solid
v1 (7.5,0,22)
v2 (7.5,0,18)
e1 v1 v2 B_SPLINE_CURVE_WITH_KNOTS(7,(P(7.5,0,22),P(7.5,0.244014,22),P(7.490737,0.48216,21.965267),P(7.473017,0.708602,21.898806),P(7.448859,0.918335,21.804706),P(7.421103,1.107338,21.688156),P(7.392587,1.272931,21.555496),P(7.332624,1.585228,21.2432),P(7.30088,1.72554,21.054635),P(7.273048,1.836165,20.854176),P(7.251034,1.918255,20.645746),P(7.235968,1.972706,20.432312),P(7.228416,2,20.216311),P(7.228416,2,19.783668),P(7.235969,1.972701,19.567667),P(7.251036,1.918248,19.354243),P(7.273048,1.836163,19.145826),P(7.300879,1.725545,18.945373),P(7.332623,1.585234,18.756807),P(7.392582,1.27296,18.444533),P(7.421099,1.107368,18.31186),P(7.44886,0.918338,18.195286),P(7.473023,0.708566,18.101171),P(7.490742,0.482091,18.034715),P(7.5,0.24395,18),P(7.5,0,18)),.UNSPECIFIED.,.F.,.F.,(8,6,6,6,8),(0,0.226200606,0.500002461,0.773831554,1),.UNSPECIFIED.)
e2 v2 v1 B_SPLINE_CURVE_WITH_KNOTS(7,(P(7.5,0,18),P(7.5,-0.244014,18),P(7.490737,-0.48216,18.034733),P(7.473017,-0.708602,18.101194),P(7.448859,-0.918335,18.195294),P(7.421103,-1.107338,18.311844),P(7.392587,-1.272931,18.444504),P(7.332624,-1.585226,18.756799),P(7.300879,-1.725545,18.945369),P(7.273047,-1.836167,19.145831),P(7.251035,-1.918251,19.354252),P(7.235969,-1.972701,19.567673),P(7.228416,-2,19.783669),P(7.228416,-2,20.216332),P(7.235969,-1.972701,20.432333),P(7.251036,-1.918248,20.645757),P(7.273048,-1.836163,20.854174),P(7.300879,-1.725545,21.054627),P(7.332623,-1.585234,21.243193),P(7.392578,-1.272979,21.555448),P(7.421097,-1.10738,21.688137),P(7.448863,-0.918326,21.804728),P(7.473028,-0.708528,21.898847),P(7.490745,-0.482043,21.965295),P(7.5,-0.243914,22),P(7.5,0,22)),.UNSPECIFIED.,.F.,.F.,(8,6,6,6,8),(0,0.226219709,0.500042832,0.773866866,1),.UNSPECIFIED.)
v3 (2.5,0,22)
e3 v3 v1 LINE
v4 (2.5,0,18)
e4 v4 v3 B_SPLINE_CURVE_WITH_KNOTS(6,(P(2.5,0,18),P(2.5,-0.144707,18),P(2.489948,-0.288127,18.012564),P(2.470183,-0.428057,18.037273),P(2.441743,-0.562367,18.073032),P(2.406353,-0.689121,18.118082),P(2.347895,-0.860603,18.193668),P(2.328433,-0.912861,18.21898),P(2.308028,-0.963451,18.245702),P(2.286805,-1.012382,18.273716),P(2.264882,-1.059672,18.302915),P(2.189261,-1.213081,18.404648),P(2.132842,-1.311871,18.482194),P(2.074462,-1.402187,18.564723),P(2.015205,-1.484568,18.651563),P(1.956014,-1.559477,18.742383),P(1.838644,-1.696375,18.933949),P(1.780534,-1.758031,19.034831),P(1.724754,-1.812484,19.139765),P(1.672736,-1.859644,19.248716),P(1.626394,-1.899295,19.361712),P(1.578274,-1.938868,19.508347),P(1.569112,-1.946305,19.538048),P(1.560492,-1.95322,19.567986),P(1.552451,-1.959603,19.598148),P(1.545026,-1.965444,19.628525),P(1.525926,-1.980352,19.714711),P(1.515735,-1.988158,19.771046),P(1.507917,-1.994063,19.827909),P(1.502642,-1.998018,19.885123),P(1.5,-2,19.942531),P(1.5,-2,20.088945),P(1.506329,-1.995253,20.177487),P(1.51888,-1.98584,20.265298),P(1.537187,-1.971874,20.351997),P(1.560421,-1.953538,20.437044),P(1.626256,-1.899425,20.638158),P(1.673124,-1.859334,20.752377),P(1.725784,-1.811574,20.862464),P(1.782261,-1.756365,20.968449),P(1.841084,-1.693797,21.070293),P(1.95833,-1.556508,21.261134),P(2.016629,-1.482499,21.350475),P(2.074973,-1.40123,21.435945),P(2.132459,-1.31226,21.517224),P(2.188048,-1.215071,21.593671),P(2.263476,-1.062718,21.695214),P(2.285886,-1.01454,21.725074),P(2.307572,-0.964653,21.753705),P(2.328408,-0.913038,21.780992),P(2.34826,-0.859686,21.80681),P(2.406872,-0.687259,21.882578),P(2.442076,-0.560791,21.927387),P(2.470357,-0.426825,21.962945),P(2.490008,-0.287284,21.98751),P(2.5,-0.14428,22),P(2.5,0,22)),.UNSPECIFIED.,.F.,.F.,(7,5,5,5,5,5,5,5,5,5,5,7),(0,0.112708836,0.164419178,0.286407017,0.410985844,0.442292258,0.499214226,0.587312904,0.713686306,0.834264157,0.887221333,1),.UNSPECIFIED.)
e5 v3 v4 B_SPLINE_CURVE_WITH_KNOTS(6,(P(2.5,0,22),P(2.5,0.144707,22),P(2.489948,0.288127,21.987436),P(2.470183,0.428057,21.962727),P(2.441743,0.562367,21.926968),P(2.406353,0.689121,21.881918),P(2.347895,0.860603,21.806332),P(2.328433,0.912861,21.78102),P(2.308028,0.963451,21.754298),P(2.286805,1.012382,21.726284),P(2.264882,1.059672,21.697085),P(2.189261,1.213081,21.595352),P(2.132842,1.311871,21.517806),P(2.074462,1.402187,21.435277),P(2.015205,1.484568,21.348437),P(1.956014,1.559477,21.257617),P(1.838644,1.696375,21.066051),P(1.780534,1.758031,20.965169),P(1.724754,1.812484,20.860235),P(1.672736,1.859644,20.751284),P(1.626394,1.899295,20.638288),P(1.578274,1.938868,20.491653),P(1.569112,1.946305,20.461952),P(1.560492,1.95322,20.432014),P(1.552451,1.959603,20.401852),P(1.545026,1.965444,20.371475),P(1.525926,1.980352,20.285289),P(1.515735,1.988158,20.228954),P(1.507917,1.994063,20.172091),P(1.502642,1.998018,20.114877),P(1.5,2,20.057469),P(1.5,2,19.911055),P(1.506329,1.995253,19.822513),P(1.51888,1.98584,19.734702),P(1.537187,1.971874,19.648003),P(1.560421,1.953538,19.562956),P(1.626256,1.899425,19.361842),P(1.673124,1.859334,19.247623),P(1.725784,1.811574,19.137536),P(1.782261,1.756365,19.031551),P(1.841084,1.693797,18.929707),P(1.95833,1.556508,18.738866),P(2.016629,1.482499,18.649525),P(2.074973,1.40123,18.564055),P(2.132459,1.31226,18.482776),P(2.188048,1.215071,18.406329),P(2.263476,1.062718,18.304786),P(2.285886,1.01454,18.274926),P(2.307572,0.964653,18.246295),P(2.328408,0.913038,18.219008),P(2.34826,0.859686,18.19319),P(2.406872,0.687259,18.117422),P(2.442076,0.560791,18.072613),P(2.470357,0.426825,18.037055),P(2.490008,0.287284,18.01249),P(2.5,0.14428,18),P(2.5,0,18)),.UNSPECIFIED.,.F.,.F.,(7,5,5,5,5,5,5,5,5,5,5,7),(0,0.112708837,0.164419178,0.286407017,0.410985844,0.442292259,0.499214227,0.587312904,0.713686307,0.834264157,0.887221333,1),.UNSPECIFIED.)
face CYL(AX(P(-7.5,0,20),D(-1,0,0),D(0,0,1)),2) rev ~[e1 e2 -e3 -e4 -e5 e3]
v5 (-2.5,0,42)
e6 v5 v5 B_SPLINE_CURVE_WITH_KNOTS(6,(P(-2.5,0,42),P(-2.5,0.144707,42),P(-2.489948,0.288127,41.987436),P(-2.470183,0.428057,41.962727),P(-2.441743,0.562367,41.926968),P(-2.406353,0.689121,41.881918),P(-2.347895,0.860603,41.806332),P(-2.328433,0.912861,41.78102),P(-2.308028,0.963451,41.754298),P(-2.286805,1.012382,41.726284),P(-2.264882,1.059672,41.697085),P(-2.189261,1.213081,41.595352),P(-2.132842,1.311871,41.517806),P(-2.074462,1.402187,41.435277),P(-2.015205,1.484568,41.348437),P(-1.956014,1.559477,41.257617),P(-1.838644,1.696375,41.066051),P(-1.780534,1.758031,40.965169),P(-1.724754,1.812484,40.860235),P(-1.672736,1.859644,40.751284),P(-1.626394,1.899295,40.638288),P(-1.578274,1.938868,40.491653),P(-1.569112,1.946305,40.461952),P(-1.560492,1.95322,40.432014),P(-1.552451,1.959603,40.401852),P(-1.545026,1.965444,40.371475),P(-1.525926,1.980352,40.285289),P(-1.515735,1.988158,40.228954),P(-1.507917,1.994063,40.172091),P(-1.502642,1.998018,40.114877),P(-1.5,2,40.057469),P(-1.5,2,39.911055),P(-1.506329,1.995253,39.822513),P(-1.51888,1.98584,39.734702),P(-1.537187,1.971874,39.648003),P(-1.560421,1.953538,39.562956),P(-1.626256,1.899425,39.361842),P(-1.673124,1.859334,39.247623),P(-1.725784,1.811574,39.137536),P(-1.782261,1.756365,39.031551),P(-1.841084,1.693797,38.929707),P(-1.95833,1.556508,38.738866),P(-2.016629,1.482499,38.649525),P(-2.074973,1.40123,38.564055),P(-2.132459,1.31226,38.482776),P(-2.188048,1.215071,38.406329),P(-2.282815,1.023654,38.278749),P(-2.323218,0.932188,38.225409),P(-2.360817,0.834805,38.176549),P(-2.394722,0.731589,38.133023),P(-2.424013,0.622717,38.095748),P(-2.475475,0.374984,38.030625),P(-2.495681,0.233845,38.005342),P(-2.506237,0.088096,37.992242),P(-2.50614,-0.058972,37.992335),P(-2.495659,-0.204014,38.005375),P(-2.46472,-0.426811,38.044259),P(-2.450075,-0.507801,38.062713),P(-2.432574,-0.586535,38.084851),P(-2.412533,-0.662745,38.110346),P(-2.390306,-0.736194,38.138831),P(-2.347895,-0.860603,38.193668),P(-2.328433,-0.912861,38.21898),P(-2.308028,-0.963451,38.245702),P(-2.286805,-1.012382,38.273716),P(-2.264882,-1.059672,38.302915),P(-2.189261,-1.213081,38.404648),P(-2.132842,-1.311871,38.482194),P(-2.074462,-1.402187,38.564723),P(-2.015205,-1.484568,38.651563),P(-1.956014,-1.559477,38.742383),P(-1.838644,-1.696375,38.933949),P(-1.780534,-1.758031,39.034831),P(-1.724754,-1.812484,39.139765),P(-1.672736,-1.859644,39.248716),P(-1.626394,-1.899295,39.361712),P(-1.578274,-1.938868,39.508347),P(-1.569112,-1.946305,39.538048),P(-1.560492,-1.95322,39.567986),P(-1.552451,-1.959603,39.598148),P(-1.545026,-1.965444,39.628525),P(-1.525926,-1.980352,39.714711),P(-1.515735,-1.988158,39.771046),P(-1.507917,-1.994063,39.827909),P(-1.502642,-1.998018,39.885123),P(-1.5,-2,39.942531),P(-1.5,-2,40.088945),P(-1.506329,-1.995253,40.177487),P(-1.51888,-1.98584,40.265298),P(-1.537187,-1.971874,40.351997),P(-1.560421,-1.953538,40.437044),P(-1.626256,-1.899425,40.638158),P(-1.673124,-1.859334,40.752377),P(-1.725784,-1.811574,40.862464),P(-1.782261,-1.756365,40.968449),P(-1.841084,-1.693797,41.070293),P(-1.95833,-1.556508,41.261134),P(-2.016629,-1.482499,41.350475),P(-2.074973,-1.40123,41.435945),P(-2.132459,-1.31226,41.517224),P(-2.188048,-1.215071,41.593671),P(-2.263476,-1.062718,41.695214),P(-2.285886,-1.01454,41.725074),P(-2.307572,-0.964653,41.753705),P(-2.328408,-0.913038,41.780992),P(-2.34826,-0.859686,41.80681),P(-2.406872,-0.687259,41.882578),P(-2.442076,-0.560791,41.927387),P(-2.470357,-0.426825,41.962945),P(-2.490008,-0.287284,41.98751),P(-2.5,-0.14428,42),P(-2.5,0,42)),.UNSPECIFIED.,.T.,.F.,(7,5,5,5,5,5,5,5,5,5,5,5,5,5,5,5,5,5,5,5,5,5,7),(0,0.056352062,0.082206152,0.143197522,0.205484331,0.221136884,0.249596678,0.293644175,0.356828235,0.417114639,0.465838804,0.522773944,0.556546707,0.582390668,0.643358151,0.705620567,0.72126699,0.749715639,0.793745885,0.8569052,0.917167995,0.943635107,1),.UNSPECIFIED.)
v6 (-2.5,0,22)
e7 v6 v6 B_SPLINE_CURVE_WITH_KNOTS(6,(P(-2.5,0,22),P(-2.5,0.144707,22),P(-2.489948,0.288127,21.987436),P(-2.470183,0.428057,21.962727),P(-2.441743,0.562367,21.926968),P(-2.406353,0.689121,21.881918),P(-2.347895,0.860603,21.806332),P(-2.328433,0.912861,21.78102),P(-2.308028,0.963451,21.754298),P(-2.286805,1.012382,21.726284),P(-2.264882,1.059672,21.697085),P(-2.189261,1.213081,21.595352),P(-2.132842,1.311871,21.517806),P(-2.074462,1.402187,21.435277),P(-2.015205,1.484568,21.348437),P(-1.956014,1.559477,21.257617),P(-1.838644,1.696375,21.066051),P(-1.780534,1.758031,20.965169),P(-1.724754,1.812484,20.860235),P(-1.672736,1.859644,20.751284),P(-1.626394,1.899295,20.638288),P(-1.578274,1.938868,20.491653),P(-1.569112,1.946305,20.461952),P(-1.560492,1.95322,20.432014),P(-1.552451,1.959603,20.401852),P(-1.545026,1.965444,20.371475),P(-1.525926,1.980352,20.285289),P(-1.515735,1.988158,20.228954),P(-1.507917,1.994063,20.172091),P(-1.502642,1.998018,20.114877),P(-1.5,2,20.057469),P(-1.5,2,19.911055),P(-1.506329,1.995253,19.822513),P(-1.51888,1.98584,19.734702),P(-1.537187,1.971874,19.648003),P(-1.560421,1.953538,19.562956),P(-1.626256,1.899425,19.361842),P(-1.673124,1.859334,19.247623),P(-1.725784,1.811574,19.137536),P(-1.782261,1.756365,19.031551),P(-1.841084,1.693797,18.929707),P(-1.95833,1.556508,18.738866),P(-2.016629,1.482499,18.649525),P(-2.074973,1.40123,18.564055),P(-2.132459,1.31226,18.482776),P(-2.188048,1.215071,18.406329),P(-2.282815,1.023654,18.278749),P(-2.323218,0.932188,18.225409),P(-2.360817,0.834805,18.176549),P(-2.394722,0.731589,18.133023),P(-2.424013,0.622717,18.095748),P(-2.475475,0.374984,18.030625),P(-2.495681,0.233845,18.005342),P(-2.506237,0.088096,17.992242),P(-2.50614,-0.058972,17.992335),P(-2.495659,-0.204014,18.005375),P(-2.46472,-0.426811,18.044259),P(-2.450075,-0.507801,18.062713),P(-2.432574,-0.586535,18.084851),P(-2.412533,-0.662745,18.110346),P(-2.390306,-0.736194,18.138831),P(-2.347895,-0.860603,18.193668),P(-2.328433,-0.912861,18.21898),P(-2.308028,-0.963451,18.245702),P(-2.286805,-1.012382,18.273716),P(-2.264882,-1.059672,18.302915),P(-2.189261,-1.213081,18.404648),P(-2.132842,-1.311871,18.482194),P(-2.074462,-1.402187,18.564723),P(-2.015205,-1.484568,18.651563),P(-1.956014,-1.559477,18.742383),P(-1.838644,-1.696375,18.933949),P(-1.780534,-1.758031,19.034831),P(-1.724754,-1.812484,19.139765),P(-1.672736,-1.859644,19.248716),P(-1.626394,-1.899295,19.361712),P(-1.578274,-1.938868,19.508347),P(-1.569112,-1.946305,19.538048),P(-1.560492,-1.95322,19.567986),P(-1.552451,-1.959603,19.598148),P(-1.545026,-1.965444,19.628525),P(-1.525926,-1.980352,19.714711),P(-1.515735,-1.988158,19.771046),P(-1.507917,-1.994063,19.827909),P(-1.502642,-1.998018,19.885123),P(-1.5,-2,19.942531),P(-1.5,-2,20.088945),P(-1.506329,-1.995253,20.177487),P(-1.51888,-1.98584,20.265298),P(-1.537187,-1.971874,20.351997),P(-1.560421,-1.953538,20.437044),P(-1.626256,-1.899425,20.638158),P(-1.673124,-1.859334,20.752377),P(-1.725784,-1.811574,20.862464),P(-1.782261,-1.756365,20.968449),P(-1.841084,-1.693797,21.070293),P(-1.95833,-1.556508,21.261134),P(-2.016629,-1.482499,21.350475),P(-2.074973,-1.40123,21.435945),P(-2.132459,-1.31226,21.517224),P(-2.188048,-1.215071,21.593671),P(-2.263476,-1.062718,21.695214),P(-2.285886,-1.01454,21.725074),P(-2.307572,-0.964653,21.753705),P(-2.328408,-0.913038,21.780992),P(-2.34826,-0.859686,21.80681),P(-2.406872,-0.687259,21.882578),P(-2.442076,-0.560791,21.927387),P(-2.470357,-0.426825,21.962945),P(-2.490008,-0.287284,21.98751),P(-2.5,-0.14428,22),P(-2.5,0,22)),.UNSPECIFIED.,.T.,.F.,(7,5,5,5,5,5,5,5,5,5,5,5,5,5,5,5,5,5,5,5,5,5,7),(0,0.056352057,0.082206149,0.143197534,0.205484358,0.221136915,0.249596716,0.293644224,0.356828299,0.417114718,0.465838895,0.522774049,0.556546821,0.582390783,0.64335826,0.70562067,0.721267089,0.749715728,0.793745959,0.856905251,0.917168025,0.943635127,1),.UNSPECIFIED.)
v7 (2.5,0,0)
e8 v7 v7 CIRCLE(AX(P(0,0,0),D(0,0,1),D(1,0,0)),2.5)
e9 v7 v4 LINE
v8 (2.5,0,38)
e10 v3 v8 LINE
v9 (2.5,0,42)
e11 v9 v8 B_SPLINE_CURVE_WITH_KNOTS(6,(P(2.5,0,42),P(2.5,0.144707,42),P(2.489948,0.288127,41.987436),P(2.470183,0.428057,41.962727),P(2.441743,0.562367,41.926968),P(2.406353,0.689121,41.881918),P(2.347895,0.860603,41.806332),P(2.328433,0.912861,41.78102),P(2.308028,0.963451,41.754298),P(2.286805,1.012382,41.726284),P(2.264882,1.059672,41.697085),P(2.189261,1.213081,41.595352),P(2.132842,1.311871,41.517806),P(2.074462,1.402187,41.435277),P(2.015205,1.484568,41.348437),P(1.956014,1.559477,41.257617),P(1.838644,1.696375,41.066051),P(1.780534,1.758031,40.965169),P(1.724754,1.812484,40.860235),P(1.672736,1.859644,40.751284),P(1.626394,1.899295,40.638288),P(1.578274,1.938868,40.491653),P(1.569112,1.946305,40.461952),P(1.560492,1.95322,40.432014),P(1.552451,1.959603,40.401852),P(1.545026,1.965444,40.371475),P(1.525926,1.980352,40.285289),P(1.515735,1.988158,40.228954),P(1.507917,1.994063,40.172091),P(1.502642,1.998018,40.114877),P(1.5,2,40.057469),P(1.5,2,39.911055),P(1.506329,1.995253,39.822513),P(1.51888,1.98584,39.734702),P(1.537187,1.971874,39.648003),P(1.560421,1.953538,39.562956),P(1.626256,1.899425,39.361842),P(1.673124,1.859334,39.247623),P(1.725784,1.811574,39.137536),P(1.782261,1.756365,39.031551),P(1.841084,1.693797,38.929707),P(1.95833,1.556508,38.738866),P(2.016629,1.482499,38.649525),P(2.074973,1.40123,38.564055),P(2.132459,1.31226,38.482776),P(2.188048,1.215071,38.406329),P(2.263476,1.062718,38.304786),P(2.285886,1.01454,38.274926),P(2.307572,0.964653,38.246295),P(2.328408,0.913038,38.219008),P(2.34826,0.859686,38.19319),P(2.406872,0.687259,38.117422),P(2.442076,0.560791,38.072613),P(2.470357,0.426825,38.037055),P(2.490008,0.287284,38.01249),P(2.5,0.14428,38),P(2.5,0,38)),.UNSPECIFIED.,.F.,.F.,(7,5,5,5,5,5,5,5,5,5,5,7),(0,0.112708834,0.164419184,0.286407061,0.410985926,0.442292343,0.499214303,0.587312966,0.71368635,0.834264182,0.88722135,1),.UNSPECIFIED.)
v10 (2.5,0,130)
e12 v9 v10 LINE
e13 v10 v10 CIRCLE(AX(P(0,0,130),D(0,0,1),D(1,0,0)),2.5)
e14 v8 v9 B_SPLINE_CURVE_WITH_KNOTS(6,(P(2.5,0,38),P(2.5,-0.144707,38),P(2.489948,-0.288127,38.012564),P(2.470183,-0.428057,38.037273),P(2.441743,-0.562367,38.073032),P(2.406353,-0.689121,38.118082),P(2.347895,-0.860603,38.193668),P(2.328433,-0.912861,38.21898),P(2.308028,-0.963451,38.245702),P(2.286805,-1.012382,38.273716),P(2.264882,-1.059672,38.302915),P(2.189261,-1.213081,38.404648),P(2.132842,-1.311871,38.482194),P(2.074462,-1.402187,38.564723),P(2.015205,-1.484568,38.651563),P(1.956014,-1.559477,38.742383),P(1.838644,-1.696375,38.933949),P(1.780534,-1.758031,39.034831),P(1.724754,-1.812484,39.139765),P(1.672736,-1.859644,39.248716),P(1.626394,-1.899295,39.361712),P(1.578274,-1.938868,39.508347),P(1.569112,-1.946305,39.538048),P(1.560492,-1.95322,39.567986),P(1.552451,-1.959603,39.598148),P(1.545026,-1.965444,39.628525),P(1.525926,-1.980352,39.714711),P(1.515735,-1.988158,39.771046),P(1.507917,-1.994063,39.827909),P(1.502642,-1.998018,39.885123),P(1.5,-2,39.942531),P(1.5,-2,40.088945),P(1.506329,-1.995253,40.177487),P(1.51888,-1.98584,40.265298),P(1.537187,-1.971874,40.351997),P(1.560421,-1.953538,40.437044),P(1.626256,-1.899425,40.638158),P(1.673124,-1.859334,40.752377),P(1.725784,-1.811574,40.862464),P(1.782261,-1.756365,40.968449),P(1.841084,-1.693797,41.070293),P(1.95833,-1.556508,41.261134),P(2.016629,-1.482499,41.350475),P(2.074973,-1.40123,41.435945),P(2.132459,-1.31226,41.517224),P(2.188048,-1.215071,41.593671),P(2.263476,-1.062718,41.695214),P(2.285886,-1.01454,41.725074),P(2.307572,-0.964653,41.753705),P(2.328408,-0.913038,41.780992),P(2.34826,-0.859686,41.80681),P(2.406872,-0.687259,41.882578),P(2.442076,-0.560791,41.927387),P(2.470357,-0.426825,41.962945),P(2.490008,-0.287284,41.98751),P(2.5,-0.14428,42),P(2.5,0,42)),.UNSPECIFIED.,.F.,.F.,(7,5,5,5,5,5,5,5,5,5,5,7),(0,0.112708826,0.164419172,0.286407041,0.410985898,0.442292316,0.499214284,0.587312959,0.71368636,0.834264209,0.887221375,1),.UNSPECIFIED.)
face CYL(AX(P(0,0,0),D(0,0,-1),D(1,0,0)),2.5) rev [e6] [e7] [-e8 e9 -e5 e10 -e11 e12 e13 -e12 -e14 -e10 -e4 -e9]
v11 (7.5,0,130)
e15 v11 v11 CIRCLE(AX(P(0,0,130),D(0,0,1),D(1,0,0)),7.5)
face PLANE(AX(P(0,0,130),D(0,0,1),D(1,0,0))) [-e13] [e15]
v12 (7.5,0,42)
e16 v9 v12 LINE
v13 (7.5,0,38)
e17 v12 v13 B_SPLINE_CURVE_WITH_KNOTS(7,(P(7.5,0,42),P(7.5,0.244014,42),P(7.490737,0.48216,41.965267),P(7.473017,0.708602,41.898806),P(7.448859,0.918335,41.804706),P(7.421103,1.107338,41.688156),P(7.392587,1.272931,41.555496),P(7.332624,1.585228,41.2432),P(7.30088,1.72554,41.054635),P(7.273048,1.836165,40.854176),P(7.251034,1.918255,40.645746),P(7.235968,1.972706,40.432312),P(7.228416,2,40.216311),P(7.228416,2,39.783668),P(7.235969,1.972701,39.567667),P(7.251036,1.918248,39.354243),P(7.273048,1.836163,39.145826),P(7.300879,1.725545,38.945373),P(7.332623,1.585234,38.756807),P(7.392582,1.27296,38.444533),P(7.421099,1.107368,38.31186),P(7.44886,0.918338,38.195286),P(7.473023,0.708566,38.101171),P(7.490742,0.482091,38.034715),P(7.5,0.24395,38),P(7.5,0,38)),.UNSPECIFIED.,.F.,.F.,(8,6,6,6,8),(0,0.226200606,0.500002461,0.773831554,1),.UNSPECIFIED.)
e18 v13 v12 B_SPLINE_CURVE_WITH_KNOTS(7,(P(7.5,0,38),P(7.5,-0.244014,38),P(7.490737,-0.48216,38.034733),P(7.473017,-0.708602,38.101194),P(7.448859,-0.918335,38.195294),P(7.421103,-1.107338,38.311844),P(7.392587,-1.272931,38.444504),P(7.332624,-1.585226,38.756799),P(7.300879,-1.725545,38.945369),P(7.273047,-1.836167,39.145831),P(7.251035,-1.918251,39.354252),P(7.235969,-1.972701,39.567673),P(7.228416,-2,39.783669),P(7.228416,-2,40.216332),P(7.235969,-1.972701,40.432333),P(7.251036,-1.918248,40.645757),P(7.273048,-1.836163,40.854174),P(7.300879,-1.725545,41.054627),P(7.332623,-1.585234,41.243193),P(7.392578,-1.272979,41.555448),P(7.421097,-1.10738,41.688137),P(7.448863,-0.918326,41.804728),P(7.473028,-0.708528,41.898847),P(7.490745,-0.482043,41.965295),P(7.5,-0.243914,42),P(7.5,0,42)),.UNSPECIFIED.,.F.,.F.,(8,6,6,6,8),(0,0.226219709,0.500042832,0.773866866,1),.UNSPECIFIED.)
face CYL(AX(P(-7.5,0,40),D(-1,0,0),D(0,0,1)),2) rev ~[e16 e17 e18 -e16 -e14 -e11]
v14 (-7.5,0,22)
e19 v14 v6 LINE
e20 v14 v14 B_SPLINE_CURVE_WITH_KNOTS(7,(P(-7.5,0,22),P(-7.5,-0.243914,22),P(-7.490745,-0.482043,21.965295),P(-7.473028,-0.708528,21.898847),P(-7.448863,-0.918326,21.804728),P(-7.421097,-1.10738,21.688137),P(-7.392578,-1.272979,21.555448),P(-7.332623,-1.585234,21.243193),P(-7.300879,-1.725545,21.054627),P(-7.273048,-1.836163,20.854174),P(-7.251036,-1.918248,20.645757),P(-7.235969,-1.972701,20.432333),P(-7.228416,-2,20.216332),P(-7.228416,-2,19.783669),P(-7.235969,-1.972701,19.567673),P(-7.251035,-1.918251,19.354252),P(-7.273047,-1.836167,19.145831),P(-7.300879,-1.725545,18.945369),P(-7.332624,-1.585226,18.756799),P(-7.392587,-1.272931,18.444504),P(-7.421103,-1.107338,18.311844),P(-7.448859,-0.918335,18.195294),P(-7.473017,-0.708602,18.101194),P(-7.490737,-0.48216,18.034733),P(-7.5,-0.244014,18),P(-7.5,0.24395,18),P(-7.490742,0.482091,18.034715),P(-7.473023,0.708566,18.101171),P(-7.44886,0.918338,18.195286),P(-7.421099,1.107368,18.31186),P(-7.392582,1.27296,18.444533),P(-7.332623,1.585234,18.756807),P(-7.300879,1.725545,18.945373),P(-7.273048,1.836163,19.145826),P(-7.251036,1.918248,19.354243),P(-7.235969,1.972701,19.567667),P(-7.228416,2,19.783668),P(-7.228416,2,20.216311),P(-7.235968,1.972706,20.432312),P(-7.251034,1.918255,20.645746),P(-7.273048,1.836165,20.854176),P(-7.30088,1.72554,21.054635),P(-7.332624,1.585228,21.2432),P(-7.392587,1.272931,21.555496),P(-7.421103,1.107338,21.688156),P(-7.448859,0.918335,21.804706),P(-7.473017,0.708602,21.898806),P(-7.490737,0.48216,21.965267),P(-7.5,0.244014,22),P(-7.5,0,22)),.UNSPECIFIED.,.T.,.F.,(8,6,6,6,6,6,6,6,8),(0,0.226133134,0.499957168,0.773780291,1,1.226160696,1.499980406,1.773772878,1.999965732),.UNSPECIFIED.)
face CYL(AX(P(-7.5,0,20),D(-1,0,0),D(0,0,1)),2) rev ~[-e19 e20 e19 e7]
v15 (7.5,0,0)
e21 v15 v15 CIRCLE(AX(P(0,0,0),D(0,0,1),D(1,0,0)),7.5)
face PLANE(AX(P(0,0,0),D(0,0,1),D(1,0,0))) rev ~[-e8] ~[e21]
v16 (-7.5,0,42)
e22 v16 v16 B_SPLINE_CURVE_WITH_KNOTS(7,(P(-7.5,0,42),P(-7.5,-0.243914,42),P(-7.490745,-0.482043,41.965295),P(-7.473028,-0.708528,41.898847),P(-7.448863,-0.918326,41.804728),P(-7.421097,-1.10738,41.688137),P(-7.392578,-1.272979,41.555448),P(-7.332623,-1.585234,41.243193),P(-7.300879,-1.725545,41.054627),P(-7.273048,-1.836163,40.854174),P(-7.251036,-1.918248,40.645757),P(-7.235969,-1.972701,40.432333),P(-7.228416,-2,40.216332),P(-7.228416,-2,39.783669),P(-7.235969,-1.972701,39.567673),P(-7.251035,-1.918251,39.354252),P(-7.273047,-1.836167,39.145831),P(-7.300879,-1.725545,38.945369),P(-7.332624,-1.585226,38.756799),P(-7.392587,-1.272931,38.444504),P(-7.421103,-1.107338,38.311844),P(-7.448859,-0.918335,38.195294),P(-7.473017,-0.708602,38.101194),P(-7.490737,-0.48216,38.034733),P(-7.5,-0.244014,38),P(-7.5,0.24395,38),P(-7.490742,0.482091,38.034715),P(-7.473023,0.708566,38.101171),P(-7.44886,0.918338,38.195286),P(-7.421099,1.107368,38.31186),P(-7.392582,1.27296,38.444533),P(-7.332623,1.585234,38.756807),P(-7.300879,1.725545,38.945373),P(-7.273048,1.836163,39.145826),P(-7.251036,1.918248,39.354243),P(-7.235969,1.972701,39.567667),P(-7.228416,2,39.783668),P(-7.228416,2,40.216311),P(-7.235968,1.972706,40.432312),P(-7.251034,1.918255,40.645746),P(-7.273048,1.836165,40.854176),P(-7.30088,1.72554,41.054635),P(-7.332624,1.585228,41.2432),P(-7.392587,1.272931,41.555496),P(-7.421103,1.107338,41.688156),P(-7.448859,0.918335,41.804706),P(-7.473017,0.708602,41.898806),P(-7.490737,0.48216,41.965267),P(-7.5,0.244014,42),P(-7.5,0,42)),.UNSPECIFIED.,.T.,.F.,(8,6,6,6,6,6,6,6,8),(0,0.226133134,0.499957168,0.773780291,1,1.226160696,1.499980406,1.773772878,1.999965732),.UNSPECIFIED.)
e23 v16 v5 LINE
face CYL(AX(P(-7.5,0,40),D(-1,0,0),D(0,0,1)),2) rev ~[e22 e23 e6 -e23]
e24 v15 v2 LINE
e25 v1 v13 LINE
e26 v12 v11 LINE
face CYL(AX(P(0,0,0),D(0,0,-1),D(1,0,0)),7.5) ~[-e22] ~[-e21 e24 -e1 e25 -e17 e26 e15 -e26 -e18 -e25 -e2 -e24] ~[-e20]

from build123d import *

# Parameters (mm, degrees)
SKETCH1_R           = 7.5
SKETCH1_R_2         = 2.5
BOSS_EXTRUDE1_DEPTH = 130
SKETCH2_R           = 2
CUT_EXTRUDE1_DEPTH  = 16


with BuildPart() as part:
    # Sketch1 → Boss-Extrude1 (new body)
    with BuildSketch(Plane.XY):
        Circle(SKETCH1_R)
        Circle(SKETCH1_R_2, mode=Mode.SUBTRACT)
    extrude(amount=BOSS_EXTRUDE1_DEPTH)

    # Sketch2 → Cut-Extrude1 (cut)
    with BuildSketch(Plane.ZY.offset(7.5)):
        with Locations((20, 0)):
            Circle(SKETCH2_R)
        with Locations((40, 0)):
            Circle(SKETCH2_R)
    extrude(amount=-CUT_EXTRUDE1_DEPTH, mode=Mode.SUBTRACT)


solid = part.part
